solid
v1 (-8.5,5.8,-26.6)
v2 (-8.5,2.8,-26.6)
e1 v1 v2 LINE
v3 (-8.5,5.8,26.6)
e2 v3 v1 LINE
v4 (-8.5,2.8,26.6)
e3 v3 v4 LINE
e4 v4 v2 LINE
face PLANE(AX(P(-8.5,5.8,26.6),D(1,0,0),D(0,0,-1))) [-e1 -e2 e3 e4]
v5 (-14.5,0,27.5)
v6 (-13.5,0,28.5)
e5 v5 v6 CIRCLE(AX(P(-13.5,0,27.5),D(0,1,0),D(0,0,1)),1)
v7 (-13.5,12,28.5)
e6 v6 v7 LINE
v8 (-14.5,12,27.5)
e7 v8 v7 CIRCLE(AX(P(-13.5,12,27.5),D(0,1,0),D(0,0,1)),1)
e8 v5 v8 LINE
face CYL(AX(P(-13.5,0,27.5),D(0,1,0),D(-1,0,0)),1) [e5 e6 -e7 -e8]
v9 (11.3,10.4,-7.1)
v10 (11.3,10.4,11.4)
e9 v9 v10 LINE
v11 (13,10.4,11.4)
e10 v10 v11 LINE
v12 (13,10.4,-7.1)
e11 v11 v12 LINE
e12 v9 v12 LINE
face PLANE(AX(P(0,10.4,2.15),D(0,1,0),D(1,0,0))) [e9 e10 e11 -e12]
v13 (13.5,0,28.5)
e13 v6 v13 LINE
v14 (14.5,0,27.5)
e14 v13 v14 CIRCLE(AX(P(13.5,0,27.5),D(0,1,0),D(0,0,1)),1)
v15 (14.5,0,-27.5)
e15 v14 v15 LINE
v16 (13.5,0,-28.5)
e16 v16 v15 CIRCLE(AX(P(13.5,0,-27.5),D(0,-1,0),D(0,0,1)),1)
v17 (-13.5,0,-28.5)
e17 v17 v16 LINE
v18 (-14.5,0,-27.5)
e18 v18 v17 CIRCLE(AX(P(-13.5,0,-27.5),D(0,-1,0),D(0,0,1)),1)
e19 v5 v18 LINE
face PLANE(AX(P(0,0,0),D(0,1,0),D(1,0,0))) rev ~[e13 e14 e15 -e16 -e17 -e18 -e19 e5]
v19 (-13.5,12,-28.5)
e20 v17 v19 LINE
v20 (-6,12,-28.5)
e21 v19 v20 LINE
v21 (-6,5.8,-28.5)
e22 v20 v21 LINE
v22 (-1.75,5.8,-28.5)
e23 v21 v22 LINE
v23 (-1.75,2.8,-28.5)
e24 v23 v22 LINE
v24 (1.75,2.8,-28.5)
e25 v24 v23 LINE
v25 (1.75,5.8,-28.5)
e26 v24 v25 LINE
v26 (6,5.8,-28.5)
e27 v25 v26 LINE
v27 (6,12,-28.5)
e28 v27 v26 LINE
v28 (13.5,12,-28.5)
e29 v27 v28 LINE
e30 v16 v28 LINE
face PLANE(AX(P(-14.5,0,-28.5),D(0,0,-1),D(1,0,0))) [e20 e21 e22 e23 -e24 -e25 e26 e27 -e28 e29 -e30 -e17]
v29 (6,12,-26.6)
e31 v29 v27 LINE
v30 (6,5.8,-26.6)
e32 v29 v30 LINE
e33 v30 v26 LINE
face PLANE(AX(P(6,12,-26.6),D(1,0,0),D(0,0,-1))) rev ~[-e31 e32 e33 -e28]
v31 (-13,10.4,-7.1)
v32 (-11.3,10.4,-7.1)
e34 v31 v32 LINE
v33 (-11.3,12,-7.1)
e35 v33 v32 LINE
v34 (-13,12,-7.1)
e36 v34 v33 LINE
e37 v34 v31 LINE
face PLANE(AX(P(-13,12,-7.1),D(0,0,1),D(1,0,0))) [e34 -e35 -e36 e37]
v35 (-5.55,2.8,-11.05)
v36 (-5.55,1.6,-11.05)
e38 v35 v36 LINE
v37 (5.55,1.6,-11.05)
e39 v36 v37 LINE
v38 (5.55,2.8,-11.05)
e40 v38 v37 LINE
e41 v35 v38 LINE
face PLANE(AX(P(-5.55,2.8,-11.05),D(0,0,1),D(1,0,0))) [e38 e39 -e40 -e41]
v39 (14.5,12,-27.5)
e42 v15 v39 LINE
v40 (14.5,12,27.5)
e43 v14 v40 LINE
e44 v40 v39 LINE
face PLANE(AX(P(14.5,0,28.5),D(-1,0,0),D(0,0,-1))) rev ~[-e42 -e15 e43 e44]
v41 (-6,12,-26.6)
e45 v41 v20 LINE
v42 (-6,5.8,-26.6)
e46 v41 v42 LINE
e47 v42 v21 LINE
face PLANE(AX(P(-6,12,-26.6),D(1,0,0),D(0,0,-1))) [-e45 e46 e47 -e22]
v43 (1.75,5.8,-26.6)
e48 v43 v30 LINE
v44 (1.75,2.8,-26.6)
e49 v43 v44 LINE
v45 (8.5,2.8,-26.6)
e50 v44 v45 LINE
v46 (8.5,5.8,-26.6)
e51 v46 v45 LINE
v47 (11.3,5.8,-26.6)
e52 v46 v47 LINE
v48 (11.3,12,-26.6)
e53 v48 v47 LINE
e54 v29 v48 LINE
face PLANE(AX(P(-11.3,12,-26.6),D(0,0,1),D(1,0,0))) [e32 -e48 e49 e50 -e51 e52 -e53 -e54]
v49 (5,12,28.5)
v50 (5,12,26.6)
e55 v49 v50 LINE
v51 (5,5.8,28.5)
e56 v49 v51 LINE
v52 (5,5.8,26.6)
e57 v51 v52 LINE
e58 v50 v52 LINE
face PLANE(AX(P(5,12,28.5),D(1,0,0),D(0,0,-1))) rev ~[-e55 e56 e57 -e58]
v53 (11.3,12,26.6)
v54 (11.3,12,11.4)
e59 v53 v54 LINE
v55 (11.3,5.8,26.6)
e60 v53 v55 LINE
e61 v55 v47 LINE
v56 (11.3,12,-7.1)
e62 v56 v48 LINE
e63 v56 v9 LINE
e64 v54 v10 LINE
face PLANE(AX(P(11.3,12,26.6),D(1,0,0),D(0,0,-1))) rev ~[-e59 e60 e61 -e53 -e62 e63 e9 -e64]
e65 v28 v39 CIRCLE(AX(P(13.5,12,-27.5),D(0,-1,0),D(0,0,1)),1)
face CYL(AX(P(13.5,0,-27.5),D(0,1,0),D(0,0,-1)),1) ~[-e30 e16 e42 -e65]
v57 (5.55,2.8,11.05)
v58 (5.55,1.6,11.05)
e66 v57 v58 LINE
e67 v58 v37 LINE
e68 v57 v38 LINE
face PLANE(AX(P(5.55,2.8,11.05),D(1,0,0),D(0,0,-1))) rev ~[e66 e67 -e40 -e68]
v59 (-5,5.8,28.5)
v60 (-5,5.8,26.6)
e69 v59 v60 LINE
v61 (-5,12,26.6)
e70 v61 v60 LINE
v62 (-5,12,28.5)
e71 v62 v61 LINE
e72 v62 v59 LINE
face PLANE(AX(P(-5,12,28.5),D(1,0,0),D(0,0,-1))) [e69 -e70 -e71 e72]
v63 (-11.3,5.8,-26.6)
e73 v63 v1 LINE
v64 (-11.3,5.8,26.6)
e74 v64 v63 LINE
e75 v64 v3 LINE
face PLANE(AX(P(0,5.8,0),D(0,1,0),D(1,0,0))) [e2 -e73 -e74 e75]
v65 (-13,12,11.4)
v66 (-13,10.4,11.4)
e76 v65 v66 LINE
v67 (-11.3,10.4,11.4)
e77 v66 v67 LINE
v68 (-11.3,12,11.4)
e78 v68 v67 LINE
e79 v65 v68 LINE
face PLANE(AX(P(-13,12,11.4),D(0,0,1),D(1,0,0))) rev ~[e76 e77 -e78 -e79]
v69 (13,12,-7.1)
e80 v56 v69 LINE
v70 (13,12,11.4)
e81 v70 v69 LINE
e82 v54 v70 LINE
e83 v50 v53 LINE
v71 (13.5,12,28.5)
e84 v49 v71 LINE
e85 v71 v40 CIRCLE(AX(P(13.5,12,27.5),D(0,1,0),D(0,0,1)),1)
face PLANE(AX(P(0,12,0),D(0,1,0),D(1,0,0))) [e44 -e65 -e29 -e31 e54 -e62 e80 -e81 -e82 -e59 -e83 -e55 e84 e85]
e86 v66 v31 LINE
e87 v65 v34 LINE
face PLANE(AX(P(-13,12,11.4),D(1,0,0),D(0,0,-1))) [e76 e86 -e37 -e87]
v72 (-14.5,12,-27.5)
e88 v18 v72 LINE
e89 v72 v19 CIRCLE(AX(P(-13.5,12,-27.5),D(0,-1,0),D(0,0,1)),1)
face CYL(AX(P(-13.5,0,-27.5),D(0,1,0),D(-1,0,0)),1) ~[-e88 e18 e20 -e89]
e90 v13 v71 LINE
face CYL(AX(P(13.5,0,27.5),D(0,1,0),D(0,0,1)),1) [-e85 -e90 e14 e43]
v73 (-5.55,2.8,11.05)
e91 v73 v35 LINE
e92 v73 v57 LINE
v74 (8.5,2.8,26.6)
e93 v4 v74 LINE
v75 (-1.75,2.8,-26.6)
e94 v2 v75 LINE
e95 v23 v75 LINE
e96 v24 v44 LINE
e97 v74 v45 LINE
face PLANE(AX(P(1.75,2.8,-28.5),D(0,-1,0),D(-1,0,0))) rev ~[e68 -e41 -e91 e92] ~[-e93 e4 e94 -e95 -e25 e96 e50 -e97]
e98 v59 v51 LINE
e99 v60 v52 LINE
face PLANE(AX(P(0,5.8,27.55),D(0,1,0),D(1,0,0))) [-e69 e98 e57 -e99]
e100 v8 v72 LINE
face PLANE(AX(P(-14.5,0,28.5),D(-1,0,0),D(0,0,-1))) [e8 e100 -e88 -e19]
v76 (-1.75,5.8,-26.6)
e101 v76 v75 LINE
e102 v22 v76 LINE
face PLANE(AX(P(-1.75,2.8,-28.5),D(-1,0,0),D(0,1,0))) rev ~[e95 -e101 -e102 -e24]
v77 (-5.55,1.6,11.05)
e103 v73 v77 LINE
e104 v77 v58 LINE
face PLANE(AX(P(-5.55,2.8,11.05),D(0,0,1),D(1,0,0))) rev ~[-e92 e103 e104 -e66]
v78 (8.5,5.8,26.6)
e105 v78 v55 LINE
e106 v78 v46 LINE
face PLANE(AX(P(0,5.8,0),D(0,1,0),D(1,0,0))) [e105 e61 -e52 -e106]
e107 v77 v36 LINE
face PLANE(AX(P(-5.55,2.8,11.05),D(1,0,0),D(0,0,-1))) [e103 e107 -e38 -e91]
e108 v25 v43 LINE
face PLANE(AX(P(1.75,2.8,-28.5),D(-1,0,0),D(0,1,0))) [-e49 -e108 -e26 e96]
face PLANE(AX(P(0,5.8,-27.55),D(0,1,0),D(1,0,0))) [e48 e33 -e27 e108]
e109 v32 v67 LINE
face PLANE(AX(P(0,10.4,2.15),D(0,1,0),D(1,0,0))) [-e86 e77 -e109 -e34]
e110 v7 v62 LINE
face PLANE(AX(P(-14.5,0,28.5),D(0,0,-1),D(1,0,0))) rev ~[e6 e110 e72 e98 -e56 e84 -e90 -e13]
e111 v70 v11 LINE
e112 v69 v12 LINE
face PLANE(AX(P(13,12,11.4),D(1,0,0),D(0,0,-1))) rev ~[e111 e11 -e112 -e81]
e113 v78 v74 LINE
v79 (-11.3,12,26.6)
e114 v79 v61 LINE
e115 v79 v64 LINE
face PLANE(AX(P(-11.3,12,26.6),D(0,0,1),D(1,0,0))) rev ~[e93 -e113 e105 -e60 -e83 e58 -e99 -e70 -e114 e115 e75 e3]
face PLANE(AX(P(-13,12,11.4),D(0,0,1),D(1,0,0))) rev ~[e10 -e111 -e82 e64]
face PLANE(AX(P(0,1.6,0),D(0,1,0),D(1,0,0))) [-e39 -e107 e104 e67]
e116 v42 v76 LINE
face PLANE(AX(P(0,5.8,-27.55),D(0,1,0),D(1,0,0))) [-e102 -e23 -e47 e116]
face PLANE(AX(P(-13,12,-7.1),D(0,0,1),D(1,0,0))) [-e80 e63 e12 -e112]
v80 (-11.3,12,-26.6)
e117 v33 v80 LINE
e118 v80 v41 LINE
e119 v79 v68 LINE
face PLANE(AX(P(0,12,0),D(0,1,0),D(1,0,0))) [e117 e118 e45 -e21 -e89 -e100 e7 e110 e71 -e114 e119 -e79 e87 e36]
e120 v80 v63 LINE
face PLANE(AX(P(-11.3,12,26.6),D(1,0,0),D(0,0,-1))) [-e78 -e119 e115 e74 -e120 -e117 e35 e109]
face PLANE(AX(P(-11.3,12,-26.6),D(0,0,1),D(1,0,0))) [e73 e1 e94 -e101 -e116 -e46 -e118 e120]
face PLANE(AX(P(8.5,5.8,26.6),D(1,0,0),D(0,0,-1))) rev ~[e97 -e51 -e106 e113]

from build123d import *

# Parameters (mm, degrees)
SKETCH2_W           = 29
SKETCH2_H           = 57
BOSS_EXTRUDE1_DEPTH = 12
SKETCH3_W           = 22.6
SKETCH3_H           = 53.2
CUT_EXTRUDE1_DEPTH  = 6.2
SKETCH4_W           = 17
SKETCH4_H           = 53.2
CUT_EXTRUDE2_DEPTH  = 3
SKETCH5_W           = 11.1
SKETCH5_H           = 22.1
CUT_EXTRUDE3_DEPTH  = 1.2
SKETCH6_W           = 26
SKETCH6_H           = 18.5
CUT_EXTRUDE4_DEPTH  = 1.6
SKETCH7_W           = 12
SKETCH7_H           = 1.9
SKETCH7_W_2         = 10
CUT_EXTRUDE5_DEPTH  = 6.2
FILLET1_R           = 1
SKETCH8_W           = 3.5
SKETCH8_H           = 3
CUT_EXTRUDE6_DEPTH  = 10


with BuildPart() as part:
    # Sketch2 → Boss-Extrude1 (new body)
    with BuildSketch(Plane(origin=(0, 0, 0), x_dir=(1, 0, 0), z_dir=(0, 1, 0))):
        Rectangle(SKETCH2_W, SKETCH2_H)
    extrude(amount=BOSS_EXTRUDE1_DEPTH)

    # Sketch3 → Cut-Extrude1 (cut)
    with BuildSketch(Plane(origin=(0, 12, 0), x_dir=(1, 0, 0), z_dir=(0, 1, 0))):
        Rectangle(SKETCH3_W, SKETCH3_H)
    extrude(amount=-CUT_EXTRUDE1_DEPTH, mode=Mode.SUBTRACT)

    # Sketch4 → Cut-Extrude2 (cut)
    with BuildSketch(Plane(origin=(0, 5.8, 0), x_dir=(1, 0, 0), z_dir=(0, 1, 0))):
        Rectangle(SKETCH4_W, SKETCH4_H)
    extrude(amount=-CUT_EXTRUDE2_DEPTH, mode=Mode.SUBTRACT)

    # Sketch5 → Cut-Extrude3 (cut)
    with BuildSketch(Plane(origin=(0, 2.8, 0), x_dir=(1, 0, 0), z_dir=(0, 1, 0))):
        Rectangle(SKETCH5_W, SKETCH5_H)
    extrude(amount=-CUT_EXTRUDE3_DEPTH, mode=Mode.SUBTRACT)

    # Sketch6 → Cut-Extrude4 (cut)
    with BuildSketch(Plane(origin=(0, 12, 0), x_dir=(1, 0, 0), z_dir=(0, 1, 0))):
        with Locations((0, -2.15)):
            Rectangle(SKETCH6_W, SKETCH6_H)
    extrude(amount=-CUT_EXTRUDE4_DEPTH, mode=Mode.SUBTRACT)

    # Sketch7 → Cut-Extrude5 (cut)
    with BuildSketch(Plane(origin=(0, 12, 0), x_dir=(1, 0, 0), z_dir=(0, 1, 0))):
        with Locations((0, 27.55)):
            Rectangle(SKETCH7_W, SKETCH7_H)
        with Locations((0, -27.55)):
            Rectangle(SKETCH7_W_2, SKETCH7_H)
    extrude(amount=-CUT_EXTRUDE5_DEPTH, mode=Mode.SUBTRACT)

    # Fillet1
    fillet1_edges = [part.edges().sort_by_distance(p)[0] for p in [
        (14.5, 6, 28.5),
        (-14.5, 6, 28.5),
        (-14.5, 6, -28.5),
        (14.5, 6, -28.5),
    ]]
    fillet(fillet1_edges, radius=FILLET1_R)

    # Sketch8 → Cut-Extrude6 (cut)
    with BuildSketch(Plane(origin=(0, 0, -28.5), x_dir=(-1, 0, 0), z_dir=(0, 0, -1))):
        with Locations((0, 4.3)):
            Rectangle(SKETCH8_W, SKETCH8_H)
    extrude(amount=-CUT_EXTRUDE6_DEPTH, mode=Mode.SUBTRACT)


solid = part.part
